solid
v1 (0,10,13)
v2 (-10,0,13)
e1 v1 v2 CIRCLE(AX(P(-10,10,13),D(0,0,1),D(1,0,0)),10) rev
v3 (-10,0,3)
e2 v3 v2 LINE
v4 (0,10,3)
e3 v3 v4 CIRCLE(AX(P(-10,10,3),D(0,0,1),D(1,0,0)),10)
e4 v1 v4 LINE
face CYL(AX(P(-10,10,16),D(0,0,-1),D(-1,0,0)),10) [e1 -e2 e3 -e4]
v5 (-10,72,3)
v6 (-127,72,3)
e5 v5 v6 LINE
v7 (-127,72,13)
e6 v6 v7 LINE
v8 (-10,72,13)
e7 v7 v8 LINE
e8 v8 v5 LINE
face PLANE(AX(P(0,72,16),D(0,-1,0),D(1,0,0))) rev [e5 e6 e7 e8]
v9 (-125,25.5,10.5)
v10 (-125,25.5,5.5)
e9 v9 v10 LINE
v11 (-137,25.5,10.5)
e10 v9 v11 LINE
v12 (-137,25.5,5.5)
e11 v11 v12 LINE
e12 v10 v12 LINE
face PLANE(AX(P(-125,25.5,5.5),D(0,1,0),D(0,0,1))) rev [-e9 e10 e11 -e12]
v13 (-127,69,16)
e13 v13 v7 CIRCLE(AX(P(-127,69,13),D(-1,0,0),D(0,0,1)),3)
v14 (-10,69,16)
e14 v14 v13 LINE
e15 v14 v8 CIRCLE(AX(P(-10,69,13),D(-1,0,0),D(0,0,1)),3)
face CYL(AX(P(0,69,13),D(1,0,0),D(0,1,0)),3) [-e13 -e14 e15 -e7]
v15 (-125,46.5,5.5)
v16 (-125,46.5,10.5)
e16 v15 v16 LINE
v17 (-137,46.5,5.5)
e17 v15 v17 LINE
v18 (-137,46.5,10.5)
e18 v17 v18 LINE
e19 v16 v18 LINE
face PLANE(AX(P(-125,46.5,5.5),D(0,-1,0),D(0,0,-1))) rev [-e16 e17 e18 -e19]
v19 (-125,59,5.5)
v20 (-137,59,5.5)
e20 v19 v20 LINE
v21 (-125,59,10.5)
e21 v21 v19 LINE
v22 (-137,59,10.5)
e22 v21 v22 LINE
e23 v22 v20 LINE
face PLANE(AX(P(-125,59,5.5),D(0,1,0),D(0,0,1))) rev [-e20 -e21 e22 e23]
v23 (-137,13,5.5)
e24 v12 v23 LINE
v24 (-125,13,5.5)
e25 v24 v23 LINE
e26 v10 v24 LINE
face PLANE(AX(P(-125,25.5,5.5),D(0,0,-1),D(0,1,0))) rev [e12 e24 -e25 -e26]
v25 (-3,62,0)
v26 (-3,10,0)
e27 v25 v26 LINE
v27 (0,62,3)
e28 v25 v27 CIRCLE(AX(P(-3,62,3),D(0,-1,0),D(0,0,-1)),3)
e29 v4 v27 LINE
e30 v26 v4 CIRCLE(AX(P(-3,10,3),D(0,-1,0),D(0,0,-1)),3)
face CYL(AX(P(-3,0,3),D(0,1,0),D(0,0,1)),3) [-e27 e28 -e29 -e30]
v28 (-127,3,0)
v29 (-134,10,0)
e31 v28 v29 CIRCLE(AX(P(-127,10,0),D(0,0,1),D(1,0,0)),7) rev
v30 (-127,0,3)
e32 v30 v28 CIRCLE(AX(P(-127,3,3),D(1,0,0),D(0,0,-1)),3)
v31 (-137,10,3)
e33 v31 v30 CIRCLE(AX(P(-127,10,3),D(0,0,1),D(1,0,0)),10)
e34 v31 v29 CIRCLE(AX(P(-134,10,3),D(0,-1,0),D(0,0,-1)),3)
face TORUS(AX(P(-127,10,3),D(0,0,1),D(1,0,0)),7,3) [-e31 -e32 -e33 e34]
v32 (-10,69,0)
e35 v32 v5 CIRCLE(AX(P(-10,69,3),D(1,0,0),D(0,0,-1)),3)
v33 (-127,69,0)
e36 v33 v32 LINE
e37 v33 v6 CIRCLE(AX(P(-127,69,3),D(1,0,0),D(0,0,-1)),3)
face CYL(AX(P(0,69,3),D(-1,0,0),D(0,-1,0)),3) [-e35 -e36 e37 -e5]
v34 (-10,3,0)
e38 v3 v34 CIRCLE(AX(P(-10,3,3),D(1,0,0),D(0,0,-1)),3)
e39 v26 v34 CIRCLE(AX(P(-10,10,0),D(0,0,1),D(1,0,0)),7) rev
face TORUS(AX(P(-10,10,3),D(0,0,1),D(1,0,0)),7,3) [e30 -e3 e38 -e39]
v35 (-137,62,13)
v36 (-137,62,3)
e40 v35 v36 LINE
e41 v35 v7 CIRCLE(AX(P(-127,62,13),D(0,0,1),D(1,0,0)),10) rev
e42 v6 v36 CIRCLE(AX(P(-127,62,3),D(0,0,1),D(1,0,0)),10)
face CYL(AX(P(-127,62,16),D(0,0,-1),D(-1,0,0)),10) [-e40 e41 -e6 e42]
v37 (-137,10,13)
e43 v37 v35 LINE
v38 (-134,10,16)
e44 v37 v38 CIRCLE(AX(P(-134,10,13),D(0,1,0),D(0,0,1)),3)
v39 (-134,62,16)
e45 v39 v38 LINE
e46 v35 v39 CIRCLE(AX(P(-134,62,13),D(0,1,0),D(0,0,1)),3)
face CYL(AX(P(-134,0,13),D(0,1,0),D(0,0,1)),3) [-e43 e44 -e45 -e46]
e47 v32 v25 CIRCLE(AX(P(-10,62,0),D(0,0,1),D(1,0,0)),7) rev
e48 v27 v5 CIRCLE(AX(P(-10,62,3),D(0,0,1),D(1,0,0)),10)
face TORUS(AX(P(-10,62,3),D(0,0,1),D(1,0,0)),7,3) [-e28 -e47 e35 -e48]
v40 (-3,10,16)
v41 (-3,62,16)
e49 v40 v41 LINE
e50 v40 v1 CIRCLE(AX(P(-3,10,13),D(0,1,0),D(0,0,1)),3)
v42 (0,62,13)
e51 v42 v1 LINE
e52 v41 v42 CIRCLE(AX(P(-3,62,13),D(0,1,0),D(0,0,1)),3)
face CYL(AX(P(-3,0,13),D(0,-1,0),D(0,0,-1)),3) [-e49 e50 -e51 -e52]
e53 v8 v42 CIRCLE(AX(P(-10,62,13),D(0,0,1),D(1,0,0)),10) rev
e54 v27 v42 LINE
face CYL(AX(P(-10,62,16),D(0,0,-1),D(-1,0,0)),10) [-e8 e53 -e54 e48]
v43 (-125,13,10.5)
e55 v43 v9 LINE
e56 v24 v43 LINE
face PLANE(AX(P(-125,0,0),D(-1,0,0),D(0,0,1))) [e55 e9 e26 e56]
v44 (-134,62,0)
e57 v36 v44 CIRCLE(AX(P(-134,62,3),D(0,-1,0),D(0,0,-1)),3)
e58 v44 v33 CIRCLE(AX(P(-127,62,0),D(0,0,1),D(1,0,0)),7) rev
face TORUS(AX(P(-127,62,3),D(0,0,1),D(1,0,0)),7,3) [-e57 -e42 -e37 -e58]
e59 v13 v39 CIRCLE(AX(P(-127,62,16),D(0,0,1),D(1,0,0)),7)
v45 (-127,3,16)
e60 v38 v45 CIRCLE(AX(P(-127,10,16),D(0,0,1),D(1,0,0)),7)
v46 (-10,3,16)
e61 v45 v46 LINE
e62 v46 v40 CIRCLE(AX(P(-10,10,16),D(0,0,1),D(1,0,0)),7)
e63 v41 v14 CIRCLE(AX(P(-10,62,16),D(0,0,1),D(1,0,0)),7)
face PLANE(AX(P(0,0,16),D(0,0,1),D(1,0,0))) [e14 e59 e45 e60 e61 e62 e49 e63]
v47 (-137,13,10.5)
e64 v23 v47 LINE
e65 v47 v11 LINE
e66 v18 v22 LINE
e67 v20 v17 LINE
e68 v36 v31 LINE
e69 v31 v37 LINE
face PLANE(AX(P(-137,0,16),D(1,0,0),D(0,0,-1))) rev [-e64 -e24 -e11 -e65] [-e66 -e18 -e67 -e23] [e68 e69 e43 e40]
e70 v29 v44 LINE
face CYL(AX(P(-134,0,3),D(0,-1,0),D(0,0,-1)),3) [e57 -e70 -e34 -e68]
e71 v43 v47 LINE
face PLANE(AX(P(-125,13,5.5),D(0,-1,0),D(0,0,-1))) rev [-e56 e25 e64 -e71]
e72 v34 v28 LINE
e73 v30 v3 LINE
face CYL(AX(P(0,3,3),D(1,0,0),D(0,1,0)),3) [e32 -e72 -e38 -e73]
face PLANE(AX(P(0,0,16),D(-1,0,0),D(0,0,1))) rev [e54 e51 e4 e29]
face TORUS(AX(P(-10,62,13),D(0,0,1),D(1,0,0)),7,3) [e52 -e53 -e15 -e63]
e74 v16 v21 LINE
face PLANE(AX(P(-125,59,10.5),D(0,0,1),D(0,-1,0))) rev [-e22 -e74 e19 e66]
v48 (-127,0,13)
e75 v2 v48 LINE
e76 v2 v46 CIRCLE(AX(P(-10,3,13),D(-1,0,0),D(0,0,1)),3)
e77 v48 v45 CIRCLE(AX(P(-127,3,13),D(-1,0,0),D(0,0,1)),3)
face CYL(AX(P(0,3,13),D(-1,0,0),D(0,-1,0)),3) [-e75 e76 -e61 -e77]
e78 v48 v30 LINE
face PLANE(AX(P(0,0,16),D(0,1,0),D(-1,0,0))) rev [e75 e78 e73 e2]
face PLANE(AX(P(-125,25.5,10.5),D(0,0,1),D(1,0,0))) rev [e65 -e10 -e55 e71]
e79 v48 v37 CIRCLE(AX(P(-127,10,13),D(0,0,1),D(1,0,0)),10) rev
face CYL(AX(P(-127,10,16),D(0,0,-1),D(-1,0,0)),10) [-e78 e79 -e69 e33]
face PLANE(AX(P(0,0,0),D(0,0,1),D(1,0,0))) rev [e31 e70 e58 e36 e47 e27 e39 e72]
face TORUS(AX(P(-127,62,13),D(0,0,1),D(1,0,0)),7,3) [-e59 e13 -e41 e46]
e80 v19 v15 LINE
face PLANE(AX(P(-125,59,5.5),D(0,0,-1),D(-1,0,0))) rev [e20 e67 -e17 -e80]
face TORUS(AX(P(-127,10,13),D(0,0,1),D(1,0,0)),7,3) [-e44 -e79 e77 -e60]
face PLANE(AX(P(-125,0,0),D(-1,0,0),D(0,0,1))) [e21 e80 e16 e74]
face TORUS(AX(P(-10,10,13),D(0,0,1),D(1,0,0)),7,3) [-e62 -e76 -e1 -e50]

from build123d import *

# Parameters (mm, degrees)
SKETCH1_W           = 137
SKETCH1_H           = 72
BOSS_EXTRUDE1_DEPTH = 16
SKETCH2_W           = 5
SKETCH2_H           = 12.5
CUT_EXTRUDE1_DEPTH  = 12
FILLET1_R           = 10
FILLET2_R           = 3
FILLET3_R           = 3


with BuildPart() as part:
    # Sketch1 → Boss-Extrude1 (new body)
    with BuildSketch(Plane.XY):
        with Locations((-68.5, 36)):
            Rectangle(SKETCH1_W, SKETCH1_H)
    extrude(amount=BOSS_EXTRUDE1_DEPTH)

    # Sketch2 → Cut-Extrude1 (cut)
    with BuildSketch(Plane.ZY.offset(137)):
        with Locations((8, 52.75)):
            Rectangle(SKETCH2_W, SKETCH2_H)
        with Locations((8, 19.25)):
            Rectangle(SKETCH2_W, SKETCH2_H)
    extrude(amount=-CUT_EXTRUDE1_DEPTH, mode=Mode.SUBTRACT)

    # Fillet1
    fillet1_edges = [part.edges().sort_by_distance(p)[0] for p in [
        (0, 0, 8),
        (-137, 0, 8),
        (-137, 72, 8),
        (0, 72, 8),
    ]]
    fillet(fillet1_edges, radius=FILLET1_R)

    # Fillet2
    fillet2_edges = [part.edges().sort_by_distance(p)[0] for p in [
        (-68.5, 0, 0),
        (0, 36, 0),
        (-137, 36, 0),
        (-68.5, 72, 0),
        (-134.071067812, 69.071067812, 0),
        (-2.928932188, 69.071067812, 0),
        (-2.928932188, 2.928932188, 0),
        (-134.071067812, 2.928932188, 0),
    ]]
    fillet(fillet2_edges, radius=FILLET2_R)

    # Fillet3
    fillet3_edges = [part.edges().sort_by_distance(p)[0] for p in [
        (-68.5, 0, 16),
        (-137, 36, 16),
        (0, 36, 16),
        (-68.5, 72, 16),
        (-134.071067812, 69.071067812, 16),
        (-2.928932188, 69.071067812, 16),
        (-2.928932188, 2.928932188, 16),
        (-134.071067812, 2.928932188, 16),
    ]]
    fillet(fillet3_edges, radius=FILLET3_R)


solid = part.part
